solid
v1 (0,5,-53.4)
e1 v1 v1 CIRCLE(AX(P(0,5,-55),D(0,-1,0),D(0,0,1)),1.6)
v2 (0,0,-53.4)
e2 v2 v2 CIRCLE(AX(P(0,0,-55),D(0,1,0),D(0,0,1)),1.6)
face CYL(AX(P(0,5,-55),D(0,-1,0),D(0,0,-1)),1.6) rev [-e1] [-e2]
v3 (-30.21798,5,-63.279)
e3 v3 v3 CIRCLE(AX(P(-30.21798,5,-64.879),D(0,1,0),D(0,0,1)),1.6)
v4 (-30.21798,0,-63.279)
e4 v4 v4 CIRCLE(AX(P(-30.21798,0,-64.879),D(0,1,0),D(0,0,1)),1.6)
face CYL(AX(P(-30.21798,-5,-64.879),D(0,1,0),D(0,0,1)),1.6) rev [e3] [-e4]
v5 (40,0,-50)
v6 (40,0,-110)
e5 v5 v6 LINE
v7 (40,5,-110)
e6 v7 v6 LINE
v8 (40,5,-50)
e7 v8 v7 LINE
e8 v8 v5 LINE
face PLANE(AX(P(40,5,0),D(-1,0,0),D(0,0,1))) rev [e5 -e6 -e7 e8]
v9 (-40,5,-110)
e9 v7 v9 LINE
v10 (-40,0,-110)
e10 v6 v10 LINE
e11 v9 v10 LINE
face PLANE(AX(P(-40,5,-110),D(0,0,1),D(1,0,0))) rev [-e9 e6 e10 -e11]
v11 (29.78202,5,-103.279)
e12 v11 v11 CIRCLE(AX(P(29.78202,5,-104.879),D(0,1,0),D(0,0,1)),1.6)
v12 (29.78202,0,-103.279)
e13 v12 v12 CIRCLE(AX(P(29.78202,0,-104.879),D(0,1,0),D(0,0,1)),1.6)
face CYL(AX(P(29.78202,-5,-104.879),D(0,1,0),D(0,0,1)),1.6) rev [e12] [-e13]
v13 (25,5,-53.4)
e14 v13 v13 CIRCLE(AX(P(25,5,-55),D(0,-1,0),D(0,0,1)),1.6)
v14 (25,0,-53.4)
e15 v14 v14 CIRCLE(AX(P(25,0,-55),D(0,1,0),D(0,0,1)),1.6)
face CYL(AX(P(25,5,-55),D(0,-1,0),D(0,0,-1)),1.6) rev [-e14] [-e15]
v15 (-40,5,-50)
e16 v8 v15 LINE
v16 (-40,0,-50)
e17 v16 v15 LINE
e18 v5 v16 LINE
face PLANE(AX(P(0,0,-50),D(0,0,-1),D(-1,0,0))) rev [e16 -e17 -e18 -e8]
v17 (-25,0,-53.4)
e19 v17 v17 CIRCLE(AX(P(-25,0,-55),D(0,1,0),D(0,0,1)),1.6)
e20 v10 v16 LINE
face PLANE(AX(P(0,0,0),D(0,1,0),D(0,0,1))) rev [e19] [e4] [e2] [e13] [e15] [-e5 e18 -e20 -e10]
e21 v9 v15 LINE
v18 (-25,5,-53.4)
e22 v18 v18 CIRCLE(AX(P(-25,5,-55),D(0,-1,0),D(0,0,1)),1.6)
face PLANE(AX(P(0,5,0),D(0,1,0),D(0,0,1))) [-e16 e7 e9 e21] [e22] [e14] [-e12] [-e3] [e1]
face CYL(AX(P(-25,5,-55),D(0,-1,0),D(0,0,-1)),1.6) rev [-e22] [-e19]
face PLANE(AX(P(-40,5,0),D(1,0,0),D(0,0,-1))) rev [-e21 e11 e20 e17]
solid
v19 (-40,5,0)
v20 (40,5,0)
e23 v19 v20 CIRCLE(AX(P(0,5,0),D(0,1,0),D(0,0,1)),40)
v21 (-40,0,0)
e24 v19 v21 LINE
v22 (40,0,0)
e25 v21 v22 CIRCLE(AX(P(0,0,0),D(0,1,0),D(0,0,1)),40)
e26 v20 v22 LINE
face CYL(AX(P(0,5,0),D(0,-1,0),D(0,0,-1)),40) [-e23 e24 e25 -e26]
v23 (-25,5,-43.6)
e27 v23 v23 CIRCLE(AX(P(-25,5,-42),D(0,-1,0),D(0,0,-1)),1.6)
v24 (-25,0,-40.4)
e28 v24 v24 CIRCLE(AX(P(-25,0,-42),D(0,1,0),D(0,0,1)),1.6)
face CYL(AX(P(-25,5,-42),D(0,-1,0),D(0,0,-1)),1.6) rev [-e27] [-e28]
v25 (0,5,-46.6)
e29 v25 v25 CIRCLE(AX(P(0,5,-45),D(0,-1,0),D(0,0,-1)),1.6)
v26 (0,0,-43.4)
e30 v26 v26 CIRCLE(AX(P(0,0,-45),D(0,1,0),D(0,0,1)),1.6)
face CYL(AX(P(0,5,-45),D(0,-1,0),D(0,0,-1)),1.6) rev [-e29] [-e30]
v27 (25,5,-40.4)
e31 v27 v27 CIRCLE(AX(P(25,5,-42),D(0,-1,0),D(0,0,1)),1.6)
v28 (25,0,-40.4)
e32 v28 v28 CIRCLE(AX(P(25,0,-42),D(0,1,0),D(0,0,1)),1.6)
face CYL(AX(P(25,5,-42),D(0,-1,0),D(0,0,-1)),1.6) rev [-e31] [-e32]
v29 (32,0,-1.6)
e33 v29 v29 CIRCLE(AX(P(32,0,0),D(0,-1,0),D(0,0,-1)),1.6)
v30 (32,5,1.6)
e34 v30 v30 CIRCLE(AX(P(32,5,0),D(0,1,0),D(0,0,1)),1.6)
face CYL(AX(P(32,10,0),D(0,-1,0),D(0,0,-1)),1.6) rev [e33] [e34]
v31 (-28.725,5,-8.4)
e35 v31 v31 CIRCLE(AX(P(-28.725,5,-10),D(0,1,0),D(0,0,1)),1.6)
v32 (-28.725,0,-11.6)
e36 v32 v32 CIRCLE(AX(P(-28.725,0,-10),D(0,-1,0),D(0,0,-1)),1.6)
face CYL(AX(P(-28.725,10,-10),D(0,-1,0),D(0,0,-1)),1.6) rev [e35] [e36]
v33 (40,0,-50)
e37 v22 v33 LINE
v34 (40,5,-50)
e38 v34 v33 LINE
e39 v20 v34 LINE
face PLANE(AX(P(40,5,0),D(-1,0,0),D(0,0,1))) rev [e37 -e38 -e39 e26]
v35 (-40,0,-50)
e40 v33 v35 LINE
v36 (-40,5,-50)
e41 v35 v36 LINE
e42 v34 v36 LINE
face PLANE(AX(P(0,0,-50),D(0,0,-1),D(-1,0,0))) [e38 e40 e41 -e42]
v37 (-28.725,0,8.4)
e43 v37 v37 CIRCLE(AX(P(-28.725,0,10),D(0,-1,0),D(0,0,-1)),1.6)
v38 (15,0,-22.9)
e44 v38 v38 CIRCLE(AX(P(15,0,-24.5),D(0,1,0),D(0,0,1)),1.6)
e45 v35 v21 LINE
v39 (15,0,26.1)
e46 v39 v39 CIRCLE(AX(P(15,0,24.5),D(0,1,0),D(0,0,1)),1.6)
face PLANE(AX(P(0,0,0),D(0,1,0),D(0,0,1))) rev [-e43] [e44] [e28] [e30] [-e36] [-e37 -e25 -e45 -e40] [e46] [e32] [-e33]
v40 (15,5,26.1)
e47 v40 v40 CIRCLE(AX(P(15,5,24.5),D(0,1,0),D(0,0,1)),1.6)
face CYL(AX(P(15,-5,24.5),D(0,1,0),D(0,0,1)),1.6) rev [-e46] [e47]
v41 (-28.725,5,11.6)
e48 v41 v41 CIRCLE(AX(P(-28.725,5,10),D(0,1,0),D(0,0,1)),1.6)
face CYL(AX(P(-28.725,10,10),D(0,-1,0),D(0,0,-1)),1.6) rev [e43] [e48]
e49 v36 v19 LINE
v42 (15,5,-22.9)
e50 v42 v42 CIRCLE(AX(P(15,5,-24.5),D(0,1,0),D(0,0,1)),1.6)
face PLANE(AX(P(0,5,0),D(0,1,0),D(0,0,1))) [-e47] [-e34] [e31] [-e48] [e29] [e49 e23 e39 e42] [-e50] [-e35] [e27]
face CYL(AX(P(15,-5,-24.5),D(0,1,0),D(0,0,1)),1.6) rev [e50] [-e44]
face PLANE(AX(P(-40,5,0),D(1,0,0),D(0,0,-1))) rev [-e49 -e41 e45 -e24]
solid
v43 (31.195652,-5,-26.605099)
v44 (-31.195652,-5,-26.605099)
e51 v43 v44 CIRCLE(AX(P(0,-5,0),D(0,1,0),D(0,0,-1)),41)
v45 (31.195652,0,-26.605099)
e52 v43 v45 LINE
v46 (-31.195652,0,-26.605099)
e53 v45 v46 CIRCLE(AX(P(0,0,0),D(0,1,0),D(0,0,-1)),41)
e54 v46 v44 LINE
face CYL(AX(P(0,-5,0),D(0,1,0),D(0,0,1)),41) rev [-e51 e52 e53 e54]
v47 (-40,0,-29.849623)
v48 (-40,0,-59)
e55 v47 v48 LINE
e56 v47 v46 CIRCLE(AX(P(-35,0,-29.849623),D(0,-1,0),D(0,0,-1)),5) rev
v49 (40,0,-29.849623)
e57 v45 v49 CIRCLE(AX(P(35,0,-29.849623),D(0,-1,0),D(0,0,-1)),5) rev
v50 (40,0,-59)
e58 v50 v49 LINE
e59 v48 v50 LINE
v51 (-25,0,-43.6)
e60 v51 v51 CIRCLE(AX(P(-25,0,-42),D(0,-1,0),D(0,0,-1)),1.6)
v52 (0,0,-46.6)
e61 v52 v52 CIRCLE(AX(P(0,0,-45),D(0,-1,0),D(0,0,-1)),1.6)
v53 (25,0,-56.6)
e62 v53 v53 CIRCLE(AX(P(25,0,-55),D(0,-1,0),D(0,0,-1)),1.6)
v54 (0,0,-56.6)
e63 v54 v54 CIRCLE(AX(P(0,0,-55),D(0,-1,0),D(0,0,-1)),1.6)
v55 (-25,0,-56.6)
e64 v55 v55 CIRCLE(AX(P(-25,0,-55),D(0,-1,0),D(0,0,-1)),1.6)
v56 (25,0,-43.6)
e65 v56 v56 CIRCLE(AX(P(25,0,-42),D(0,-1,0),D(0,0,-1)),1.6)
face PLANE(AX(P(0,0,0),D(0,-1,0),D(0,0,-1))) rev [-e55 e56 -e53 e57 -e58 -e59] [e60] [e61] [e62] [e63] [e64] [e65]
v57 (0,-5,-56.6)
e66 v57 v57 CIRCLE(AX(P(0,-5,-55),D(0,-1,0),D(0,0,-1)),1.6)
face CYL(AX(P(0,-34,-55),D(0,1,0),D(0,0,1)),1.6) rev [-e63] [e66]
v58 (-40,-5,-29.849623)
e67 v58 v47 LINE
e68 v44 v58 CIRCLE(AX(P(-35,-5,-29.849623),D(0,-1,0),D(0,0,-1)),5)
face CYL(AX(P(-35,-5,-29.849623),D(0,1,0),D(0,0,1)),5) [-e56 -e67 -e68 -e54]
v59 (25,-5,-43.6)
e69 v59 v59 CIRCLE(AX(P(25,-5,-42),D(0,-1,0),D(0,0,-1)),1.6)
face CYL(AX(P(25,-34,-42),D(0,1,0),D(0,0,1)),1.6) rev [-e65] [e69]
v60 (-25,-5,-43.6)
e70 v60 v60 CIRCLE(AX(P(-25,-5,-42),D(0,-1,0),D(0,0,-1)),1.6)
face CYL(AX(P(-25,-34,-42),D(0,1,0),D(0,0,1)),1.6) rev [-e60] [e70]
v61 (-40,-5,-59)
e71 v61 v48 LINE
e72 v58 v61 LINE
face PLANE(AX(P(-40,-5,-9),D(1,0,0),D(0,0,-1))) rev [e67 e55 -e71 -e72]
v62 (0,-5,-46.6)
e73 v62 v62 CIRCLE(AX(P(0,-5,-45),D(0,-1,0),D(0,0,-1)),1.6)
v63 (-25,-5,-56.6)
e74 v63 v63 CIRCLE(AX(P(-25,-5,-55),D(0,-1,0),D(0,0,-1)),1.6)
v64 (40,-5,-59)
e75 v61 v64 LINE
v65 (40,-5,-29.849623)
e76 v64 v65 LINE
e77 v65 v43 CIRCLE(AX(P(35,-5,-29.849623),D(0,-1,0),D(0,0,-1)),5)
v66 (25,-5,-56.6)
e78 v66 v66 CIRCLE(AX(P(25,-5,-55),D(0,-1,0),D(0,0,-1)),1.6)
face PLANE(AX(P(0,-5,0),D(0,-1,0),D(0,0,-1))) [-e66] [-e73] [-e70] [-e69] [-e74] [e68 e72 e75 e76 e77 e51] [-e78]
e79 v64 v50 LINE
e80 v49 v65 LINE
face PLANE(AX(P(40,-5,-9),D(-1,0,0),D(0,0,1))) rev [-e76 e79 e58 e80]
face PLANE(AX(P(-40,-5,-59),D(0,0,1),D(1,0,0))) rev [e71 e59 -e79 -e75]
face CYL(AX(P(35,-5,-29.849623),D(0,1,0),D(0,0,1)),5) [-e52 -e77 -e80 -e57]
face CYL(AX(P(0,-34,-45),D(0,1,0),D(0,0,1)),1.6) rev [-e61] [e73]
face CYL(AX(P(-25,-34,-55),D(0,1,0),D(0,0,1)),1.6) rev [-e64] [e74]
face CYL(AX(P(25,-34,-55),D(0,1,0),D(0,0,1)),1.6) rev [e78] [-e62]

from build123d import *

# Parameters (mm, degrees)
EXTRUDE_1_DEPTH          = 5
SKETCH_2_R               = 1.6
CUT_EXTRUDE_1_DEPTH      = 10
SKETCH_3_R               = 1.6
CUT_EXTRUDE_2_DEPTH      = 10
SKETCH_4_R               = 1.6
CUT_EXTRUDE_3_DEPTH      = 10
SKETCH_5_R               = 1.6
CUT_EXTRUDE_4_DEPTH      = 1
CUT_EXTRUDE_4_DEPTH_BACK = 6
EXTRUDE_2_DEPTH          = 5
FILLET_1_R               = 5
SKETCH_7_R               = 1.6
CUT_EXTRUDE_5_DEPTH      = 39


with BuildPart() as part:
    # 草图1 → 凸台-拉伸1 (new body)
    with BuildSketch(Plane(origin=(0, 0, 0), x_dir=(1, 0, 0), z_dir=(0, 1, 0))):
        with BuildLine():
            Line((-40, 0), (-40, 110))
            Line((-40, 110), (40, 110))
            Line((40, 110), (40, 0))
            ThreePointArc((40, 0), (0, -40), (-40, 0))
        make_face()
    extrude(amount=EXTRUDE_1_DEPTH)

    # 草图2 → 切除-拉伸1 (cut)
    with BuildSketch(Plane(origin=(0, 5, 0), x_dir=(1, 0, 0), z_dir=(0, 1, 0))):
        with Locations((15, 24.5)):
            Circle(SKETCH_2_R)
        with Locations((15, -24.5)):
            Circle(SKETCH_2_R)
    extrude(amount=-CUT_EXTRUDE_1_DEPTH, mode=Mode.SUBTRACT)

    # 草图3 → 切除-拉伸2 (cut)
    with BuildSketch(Plane.XZ):
        with Locations((32, 0)):
            Circle(SKETCH_3_R)
        with Locations((-28.725, 10)):
            Circle(SKETCH_3_R)
        with Locations((-28.725, -10)):
            Circle(SKETCH_3_R)
    extrude(amount=-CUT_EXTRUDE_2_DEPTH, mode=Mode.SUBTRACT)

    # 草图4 → 切除-拉伸3 (cut)
    with BuildSketch(Plane(origin=(0, 5, 0), x_dir=(1, 0, 0), z_dir=(0, 1, 0))):
        with Locations((29.78201983, 104.879)):
            Circle(SKETCH_4_R)
        with Locations((-30.21798017, 64.879)):
            Circle(SKETCH_4_R)
    extrude(amount=-CUT_EXTRUDE_3_DEPTH, mode=Mode.SUBTRACT)


with BuildPart() as body_2:
    # Split Bodies 1: the piece on the far side of the plane
    add(part.part)
    split(bisect_by=Plane(origin=(0, 0, -50), x_dir=(-1, 0, 0), z_dir=(0, 0, -1)), keep=Keep.BOTTOM)


with BuildPart() as part_1:
    add(part.part)

    # Split Bodies 1
    split(bisect_by=Plane(origin=(0, 0, -50), x_dir=(-1, 0, 0), z_dir=(0, 0, -1)), keep=Keep.TOP)


with BuildPart() as cut_extrude_4_tool:
    # 草图5 → 切除-拉伸4 (new body, two sides)
    with BuildSketch(Plane.XZ) as cut_extrude_4_sk:
        with Locations((25, -55)):
            Circle(SKETCH_5_R)
        with Locations((0, -55)):
            Circle(SKETCH_5_R)
        with Locations((-25, -55)):
            Circle(SKETCH_5_R)
        with Locations((0, -45)):
            Circle(SKETCH_5_R)
        with Locations((-25, -42)):
            Circle(SKETCH_5_R)
        with Locations((25, -42)):
            Circle(SKETCH_5_R)
    extrude(amount=CUT_EXTRUDE_4_DEPTH)
    extrude(cut_extrude_4_sk.sketch, amount=-CUT_EXTRUDE_4_DEPTH_BACK)


with BuildPart() as part_2:
    add(part_1.part)

    # 切除-拉伸4: cut by cut_extrude_4_tool
    add(cut_extrude_4_tool.part, mode=Mode.SUBTRACT)


with BuildPart() as body_2_1:
    add(body_2.part)

    # 切除-拉伸4: cut by cut_extrude_4_tool
    add(cut_extrude_4_tool.part, mode=Mode.SUBTRACT)


with BuildPart() as body_3:
    # 草图6 → 凸台-拉伸2 (new body)
    with BuildSketch(Plane.XZ):
        with BuildLine():
            Line((-40, -9), (-40, -59))
            Line((-40, -59), (40, -59))
            Line((40, -59), (40, -9))
            ThreePointArc((40, -9), (0, -41), (-40, -9))
        make_face()
    extrude(amount=EXTRUDE_2_DEPTH)

    # 圆角1
    fillet_1_edges = [body_3.edges().sort_by_distance(p)[0] for p in [
        (40, -2.5, -9),
        (-40, -2.5, -9),
    ]]
    fillet(fillet_1_edges, radius=FILLET_1_R)

    # 草图7 → 切除-拉伸5 (cut)
    with BuildSketch(Plane(origin=(0, 5, 0), x_dir=(1, 0, 0), z_dir=(0, 1, 0))):
        with Locations((25, 42)):
            Circle(SKETCH_7_R)
        with Locations((25, 55)):
            Circle(SKETCH_7_R)
        with Locations((0, 45)):
            Circle(SKETCH_7_R)
        with Locations((0, 55)):
            Circle(SKETCH_7_R)
        with Locations((-25, 42)):
            Circle(SKETCH_7_R)
        with Locations((-25, 55)):
            Circle(SKETCH_7_R)
    extrude(amount=-CUT_EXTRUDE_5_DEPTH, mode=Mode.SUBTRACT)


solid = Compound([part_2.part, body_2_1.part, body_3.part])
